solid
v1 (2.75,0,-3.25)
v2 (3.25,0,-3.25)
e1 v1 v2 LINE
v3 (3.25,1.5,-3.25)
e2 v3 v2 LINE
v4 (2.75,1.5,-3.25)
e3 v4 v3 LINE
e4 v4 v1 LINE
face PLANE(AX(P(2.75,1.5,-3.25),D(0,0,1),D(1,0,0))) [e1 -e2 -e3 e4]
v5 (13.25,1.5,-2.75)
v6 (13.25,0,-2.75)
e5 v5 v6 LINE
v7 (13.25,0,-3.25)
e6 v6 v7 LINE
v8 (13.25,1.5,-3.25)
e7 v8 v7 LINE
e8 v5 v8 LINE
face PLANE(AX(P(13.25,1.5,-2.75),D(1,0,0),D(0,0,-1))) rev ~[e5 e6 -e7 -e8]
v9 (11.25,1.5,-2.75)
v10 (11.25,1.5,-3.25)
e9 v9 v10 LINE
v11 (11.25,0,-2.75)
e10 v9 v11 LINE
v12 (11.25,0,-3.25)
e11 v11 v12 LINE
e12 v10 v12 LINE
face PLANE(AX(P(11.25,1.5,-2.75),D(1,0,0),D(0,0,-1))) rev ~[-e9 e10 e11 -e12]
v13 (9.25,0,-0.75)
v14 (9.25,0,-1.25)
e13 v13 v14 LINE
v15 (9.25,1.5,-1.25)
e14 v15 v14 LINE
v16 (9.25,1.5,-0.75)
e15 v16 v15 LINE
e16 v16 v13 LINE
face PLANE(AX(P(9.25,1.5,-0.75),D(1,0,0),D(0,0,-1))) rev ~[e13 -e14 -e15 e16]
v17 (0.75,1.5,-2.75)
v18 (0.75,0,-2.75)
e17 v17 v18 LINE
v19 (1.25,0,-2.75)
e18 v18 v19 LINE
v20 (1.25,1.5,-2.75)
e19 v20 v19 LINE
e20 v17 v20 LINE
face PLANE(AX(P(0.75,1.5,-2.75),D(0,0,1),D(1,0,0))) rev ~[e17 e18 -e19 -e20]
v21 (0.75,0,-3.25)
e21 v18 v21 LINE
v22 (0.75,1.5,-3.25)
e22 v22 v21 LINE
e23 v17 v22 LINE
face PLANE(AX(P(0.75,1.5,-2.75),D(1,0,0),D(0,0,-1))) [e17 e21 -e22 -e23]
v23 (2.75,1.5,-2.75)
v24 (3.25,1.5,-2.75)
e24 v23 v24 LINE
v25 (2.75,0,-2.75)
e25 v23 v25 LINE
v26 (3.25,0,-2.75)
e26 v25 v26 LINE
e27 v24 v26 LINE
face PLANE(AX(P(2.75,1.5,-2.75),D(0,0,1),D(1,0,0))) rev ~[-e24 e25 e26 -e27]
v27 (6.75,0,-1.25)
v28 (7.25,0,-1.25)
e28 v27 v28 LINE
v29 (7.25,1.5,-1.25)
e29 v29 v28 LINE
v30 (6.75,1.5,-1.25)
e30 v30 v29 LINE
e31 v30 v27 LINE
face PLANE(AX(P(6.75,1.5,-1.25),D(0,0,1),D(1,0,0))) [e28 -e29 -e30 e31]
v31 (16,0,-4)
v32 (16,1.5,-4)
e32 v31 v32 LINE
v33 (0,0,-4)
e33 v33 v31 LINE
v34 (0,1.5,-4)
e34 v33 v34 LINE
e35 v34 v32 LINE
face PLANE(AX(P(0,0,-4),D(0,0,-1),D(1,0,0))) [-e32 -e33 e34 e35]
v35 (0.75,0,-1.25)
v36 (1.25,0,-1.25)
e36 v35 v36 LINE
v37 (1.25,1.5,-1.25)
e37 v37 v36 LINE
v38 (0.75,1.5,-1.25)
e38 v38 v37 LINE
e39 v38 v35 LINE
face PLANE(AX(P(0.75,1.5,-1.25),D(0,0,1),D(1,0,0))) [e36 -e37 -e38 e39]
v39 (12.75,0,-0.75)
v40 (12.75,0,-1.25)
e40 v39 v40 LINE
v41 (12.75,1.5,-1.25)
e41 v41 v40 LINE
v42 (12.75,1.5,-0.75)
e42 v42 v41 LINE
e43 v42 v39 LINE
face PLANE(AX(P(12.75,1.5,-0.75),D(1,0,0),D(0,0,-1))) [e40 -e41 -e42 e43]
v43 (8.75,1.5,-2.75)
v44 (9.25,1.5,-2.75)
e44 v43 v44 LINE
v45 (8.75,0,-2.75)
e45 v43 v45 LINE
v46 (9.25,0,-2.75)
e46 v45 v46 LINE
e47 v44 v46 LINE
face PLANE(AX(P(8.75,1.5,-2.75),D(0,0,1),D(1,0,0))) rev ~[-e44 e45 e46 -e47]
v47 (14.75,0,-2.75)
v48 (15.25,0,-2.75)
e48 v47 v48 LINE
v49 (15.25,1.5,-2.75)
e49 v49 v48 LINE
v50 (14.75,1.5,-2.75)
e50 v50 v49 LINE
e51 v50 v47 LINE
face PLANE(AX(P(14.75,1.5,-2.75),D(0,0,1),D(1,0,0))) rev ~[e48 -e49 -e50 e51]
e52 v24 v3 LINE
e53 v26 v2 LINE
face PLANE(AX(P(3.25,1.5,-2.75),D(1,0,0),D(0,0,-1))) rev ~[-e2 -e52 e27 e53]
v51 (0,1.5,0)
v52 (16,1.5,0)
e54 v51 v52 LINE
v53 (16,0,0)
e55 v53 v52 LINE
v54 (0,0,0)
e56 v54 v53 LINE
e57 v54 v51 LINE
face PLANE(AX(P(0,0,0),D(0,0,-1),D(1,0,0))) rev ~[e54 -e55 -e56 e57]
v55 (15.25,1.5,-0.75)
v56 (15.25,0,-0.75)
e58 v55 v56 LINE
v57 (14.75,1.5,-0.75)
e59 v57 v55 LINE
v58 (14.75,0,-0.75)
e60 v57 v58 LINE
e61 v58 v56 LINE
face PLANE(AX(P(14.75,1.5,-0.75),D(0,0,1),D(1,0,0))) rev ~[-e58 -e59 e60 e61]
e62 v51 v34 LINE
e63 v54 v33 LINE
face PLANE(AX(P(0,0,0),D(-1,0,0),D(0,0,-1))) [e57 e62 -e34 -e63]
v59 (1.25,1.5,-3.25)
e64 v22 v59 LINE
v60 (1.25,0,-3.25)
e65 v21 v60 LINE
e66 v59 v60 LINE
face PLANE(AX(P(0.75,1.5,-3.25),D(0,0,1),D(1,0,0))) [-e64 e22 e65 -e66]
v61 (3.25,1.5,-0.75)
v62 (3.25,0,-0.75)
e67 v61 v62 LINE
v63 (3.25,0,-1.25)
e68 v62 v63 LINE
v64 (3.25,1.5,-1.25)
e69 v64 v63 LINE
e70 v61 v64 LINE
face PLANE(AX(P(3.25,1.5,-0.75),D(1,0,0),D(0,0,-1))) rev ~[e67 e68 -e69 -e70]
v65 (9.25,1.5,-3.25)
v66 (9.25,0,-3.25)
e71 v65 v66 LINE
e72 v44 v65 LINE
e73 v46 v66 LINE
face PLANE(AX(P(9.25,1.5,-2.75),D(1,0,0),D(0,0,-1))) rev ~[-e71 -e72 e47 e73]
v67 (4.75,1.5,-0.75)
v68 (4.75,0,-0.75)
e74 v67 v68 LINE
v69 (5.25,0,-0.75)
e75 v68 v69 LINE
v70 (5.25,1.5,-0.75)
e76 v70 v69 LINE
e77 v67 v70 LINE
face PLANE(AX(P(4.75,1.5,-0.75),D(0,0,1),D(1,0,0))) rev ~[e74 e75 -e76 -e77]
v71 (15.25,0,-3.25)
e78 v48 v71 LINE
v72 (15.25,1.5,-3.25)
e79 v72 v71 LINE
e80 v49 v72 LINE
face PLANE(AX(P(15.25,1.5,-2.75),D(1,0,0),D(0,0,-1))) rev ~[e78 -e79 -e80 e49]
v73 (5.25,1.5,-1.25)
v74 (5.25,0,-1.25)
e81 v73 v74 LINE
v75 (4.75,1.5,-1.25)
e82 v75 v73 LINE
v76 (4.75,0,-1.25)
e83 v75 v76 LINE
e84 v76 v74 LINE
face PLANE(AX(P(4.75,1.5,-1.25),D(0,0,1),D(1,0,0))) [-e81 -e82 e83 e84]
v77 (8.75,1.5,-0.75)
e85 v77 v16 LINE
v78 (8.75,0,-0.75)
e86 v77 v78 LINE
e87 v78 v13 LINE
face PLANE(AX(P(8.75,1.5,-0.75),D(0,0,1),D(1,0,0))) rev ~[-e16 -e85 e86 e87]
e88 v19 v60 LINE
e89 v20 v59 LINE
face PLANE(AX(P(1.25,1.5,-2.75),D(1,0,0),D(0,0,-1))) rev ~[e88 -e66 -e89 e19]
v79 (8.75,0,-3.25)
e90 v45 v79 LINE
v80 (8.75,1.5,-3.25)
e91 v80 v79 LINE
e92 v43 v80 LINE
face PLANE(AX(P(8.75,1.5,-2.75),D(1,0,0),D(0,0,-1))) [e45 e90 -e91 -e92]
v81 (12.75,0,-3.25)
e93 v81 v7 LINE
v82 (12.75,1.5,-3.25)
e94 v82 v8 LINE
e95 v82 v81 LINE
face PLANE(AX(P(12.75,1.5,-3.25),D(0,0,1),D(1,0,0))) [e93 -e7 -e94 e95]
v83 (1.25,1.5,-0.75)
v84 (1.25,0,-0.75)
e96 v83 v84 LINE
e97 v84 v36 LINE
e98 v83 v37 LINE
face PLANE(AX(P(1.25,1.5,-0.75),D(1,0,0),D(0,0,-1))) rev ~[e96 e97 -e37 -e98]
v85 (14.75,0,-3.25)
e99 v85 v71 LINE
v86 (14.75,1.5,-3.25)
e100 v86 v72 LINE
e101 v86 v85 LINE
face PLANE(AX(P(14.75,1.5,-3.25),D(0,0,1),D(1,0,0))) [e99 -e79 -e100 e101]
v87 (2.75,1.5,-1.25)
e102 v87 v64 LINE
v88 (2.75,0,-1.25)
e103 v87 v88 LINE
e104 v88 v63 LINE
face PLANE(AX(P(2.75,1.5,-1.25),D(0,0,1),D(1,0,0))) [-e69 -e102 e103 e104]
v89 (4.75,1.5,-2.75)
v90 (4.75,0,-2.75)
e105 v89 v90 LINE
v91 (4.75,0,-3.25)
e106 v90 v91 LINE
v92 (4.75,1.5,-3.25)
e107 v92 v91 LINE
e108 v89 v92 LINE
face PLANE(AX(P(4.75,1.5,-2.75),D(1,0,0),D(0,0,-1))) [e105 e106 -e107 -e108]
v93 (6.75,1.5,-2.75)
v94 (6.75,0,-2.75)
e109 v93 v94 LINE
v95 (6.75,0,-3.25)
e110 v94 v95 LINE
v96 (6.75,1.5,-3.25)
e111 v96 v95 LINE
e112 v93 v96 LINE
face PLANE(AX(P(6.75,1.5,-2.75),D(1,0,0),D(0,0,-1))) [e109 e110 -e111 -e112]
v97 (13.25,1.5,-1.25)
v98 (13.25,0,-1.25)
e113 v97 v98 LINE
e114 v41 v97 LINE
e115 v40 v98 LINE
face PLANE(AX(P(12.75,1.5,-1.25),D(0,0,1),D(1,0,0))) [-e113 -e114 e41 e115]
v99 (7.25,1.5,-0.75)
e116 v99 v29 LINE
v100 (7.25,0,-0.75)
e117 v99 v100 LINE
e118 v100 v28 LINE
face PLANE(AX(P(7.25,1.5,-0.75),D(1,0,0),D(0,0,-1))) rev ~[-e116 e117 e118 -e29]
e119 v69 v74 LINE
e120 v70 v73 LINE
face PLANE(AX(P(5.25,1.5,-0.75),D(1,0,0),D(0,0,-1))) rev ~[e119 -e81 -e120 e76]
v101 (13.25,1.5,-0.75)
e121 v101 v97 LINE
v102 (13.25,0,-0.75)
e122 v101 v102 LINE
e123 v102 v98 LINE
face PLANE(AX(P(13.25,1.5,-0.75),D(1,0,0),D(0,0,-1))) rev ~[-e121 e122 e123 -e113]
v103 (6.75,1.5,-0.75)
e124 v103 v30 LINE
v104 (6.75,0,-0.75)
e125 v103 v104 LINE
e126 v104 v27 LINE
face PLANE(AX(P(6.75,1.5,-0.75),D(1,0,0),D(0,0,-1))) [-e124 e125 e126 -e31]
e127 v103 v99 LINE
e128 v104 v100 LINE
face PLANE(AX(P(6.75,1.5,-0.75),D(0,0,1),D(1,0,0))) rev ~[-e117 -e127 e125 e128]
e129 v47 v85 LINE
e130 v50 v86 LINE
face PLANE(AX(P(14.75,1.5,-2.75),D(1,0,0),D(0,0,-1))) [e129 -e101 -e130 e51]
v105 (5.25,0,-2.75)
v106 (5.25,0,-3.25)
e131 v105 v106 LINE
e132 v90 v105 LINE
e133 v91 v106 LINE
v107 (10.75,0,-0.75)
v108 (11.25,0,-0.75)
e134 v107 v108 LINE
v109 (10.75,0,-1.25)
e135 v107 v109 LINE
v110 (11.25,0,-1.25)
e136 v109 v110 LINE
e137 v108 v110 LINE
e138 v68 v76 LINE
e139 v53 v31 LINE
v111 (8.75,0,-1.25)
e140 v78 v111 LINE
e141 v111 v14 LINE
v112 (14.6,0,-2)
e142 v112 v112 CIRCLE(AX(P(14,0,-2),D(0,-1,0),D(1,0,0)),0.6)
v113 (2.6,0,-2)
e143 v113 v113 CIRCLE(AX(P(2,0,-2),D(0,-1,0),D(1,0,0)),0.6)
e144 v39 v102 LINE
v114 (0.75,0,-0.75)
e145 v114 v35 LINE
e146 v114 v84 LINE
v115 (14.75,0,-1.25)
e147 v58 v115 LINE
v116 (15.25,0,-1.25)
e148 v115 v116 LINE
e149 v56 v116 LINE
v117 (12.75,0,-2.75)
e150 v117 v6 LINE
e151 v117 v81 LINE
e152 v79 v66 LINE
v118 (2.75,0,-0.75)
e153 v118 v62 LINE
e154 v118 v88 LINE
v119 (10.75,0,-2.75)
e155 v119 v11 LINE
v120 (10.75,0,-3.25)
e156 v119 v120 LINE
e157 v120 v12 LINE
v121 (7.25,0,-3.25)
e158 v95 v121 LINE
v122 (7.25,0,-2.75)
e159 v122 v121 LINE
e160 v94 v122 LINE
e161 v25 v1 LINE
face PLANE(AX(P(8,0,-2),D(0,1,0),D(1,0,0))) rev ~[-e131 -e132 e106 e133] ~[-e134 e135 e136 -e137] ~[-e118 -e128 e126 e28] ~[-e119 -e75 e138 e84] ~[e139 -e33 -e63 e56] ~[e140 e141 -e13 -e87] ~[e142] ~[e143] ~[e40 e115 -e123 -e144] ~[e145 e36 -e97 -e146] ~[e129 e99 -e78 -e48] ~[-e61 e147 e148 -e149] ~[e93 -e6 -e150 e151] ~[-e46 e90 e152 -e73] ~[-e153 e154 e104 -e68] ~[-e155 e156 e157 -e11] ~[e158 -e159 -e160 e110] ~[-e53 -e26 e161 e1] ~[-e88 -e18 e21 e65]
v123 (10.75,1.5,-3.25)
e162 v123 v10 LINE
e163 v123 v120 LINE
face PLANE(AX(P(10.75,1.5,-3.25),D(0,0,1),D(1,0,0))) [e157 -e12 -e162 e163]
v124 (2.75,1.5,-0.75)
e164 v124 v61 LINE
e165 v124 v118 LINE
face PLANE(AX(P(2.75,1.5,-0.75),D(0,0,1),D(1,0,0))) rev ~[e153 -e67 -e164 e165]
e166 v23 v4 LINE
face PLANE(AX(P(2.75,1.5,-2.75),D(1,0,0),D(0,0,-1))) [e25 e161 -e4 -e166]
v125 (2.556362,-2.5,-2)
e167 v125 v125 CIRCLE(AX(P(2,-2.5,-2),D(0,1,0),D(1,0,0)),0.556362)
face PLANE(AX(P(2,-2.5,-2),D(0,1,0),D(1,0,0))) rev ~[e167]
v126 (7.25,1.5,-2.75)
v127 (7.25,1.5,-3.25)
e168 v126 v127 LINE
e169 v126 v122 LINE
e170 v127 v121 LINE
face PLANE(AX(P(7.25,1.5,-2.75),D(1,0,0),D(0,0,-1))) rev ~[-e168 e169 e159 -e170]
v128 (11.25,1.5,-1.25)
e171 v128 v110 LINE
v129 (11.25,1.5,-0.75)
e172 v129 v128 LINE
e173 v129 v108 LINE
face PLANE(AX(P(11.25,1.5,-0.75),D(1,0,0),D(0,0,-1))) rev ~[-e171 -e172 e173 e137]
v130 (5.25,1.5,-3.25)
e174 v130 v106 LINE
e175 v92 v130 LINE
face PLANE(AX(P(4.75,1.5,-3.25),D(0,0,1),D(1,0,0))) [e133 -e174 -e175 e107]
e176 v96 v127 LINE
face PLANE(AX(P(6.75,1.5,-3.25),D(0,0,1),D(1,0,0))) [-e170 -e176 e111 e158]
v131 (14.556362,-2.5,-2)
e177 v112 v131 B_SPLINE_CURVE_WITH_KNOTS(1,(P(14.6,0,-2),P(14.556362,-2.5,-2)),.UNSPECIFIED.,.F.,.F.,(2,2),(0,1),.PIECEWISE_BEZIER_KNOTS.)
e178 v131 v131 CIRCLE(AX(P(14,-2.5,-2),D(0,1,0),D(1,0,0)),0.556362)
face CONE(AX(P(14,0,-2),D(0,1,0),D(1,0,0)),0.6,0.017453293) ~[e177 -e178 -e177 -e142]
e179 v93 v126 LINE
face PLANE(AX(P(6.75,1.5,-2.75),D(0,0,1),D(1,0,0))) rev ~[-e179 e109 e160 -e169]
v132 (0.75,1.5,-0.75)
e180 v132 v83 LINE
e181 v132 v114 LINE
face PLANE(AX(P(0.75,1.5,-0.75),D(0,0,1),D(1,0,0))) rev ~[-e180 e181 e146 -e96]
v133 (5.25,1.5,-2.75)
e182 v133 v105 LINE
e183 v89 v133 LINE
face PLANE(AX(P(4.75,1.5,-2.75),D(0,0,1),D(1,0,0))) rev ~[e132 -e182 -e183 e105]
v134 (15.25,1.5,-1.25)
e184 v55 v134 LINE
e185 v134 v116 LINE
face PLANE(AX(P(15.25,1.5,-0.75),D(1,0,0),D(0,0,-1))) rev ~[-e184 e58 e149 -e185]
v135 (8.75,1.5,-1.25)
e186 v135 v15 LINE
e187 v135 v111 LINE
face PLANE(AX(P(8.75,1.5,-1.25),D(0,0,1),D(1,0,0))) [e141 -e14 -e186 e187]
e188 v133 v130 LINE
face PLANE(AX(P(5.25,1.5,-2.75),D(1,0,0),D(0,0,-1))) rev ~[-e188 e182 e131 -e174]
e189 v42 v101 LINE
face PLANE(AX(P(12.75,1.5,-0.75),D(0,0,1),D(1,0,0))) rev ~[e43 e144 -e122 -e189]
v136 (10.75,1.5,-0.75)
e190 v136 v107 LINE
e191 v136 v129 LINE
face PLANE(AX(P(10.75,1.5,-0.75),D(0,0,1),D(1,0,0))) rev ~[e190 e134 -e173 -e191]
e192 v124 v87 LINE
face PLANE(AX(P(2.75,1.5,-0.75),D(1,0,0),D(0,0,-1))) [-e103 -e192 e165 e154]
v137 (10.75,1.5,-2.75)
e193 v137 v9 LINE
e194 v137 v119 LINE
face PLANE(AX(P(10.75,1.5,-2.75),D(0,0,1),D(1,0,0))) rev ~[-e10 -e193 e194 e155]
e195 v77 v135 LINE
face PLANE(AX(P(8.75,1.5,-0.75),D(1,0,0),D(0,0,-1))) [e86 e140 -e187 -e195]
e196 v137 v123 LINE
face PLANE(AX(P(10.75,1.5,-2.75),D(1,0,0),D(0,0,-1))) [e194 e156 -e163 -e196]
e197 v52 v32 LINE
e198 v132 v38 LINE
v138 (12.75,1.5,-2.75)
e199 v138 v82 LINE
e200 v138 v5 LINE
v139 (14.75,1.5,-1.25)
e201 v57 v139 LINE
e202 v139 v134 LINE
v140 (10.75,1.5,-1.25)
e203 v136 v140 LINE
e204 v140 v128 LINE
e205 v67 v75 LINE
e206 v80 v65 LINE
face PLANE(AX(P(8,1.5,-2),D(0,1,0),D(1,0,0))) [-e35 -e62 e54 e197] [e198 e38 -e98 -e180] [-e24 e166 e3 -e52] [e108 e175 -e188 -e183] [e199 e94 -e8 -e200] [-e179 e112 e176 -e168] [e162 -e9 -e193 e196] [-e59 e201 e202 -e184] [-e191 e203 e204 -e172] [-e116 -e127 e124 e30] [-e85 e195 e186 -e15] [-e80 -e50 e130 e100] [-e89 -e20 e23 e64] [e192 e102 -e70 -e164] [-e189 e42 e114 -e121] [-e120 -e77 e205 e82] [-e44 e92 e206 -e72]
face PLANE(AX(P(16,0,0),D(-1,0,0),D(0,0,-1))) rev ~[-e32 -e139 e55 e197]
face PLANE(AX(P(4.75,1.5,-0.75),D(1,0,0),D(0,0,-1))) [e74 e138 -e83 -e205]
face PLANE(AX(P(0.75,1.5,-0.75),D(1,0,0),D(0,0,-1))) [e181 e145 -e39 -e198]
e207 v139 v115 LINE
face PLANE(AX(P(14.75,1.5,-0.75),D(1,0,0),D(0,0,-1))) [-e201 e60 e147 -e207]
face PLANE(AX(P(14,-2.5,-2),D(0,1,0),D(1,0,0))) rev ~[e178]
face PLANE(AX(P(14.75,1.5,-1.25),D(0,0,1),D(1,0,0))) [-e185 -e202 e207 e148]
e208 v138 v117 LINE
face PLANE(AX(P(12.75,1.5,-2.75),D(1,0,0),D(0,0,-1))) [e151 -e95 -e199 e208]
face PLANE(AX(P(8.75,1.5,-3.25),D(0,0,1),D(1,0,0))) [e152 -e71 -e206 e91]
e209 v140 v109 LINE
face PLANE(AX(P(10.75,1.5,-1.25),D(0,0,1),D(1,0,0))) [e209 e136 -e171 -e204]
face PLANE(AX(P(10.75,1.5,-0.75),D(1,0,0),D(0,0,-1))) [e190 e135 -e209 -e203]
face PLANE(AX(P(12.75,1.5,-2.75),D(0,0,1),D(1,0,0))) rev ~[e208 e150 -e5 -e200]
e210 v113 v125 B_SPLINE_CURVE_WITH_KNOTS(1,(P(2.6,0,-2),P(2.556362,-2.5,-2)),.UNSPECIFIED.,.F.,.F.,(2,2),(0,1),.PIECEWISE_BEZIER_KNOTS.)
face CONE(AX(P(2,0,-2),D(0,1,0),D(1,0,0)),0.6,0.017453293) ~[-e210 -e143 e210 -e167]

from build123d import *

# Parameters (mm, degrees)
SKETCH1_W                     = 16
SKETCH1_H                     = 4
BOSS_EXTRUDE1_DEPTH           = 1.5
SKETCH2_W                     = 0.5
SKETCH2_H                     = 0.5
CUT_EXTRUDE1_DEPTH            = 2
SKETCH3_R                     = 0.6
BOSS_EXTRUDE2_DEPTH           = 2.5
BOSS_EXTRUDE2_DRAFT           = -1
BOSS_EXTRUDE2_PROFILE_2_DEPTH = 2.5
BOSS_EXTRUDE2_PROFILE_2_DRAFT = -1


with BuildPart() as part:
    # Sketch1 → Boss-Extrude1 (new body)
    with BuildSketch(Plane(origin=(0, 0, 0), x_dir=(1, 0, 0), z_dir=(0, 1, 0))):
        with Locations((8, 2)):
            Rectangle(SKETCH1_W, SKETCH1_H)
    extrude(amount=BOSS_EXTRUDE1_DEPTH)

    # Sketch2 → Cut-Extrude1 (cut)
    with BuildSketch(Plane(origin=(0, 1.5, 0), x_dir=(1, 0, 0), z_dir=(0, 1, 0))):
        with Locations((3, 3)):
            Rectangle(SKETCH2_W, SKETCH2_H)
        with Locations((1, 3)):
            Rectangle(SKETCH2_W, SKETCH2_H)
        with Locations((5, 3)):
            Rectangle(SKETCH2_W, SKETCH2_H)
        with Locations((7, 3)):
            Rectangle(SKETCH2_W, SKETCH2_H)
        with Locations((9, 3)):
            Rectangle(SKETCH2_W, SKETCH2_H)
        with Locations((11, 3)):
            Rectangle(SKETCH2_W, SKETCH2_H)
        with Locations((13, 3)):
            Rectangle(SKETCH2_W, SKETCH2_H)
        with Locations((15, 3)):
            Rectangle(SKETCH2_W, SKETCH2_H)
        with Locations((17, 3)):
            Rectangle(SKETCH2_W, SKETCH2_H)
        with Locations((19, 3)):
            Rectangle(SKETCH2_W, SKETCH2_H)
        with Locations((21, 3)):
            Rectangle(SKETCH2_W, SKETCH2_H)
        with Locations((23, 3)):
            Rectangle(SKETCH2_W, SKETCH2_H)
        with Locations((25, 3)):
            Rectangle(SKETCH2_W, SKETCH2_H)
        with Locations((27, 3)):
            Rectangle(SKETCH2_W, SKETCH2_H)
        with Locations((29, 3)):
            Rectangle(SKETCH2_W, SKETCH2_H)
        with Locations((31, 3)):
            Rectangle(SKETCH2_W, SKETCH2_H)
        with Locations((33, 3)):
            Rectangle(SKETCH2_W, SKETCH2_H)
        with Locations((35, 3)):
            Rectangle(SKETCH2_W, SKETCH2_H)
        with Locations((1, 1)):
            Rectangle(SKETCH2_W, SKETCH2_H)
        with Locations((3, 1)):
            Rectangle(SKETCH2_W, SKETCH2_H)
        with Locations((5, 1)):
            Rectangle(SKETCH2_W, SKETCH2_H)
        with Locations((7, 1)):
            Rectangle(SKETCH2_W, SKETCH2_H)
        with Locations((9, 1)):
            Rectangle(SKETCH2_W, SKETCH2_H)
        with Locations((11, 1)):
            Rectangle(SKETCH2_W, SKETCH2_H)
        with Locations((13, 1)):
            Rectangle(SKETCH2_W, SKETCH2_H)
        with Locations((15, 1)):
            Rectangle(SKETCH2_W, SKETCH2_H)
        with Locations((17, 1)):
            Rectangle(SKETCH2_W, SKETCH2_H)
        with Locations((19, 1)):
            Rectangle(SKETCH2_W, SKETCH2_H)
        with Locations((21, 1)):
            Rectangle(SKETCH2_W, SKETCH2_H)
        with Locations((23, 1)):
            Rectangle(SKETCH2_W, SKETCH2_H)
        with Locations((25, 1)):
            Rectangle(SKETCH2_W, SKETCH2_H)
        with Locations((27, 1)):
            Rectangle(SKETCH2_W, SKETCH2_H)
        with Locations((29, 1)):
            Rectangle(SKETCH2_W, SKETCH2_H)
        with Locations((31, 1)):
            Rectangle(SKETCH2_W, SKETCH2_H)
        with Locations((33, 1)):
            Rectangle(SKETCH2_W, SKETCH2_H)
        with Locations((35, 1)):
            Rectangle(SKETCH2_W, SKETCH2_H)
    extrude(amount=-CUT_EXTRUDE1_DEPTH, mode=Mode.SUBTRACT)


with BuildPart() as boss_extrude2_tool:
    # Sketch3 → Boss-Extrude2 (with draft: the straight prism first)
    with BuildSketch(Plane(origin=(0, 0, 0), x_dir=(1, 0, 0), z_dir=(0, 1, 0))):
        with Locations((2, 2)):
            Circle(SKETCH3_R)
    extrude(amount=-BOSS_EXTRUDE2_DEPTH)
    # Boss-Extrude2: the draft: its side faces are tilted about the plane it starts from
    boss_extrude2_sides = [boss_extrude2_tool.faces().sort_by_distance(p)[0] for p in [
        (1.4, -1.25, -2),
    ]]
    draft(boss_extrude2_sides, Plane(origin=(0, 0, 0), x_dir=(1, 0, 0), z_dir=(0, 1, 0)), BOSS_EXTRUDE2_DRAFT)


with BuildPart() as part_1:
    add(part.part)

    # Boss-Extrude2: add boss_extrude2_tool
    add(boss_extrude2_tool.part)


with BuildPart() as boss_extrude2_profile_2_tool:
    # Sketch3 → Boss-Extrude2 profile 2 (with draft: the straight prism first)
    with BuildSketch(Plane(origin=(0, 0, 0), x_dir=(1, 0, 0), z_dir=(0, 1, 0))):
        with Locations((14, 2)):
            Circle(SKETCH3_R)
    extrude(amount=-BOSS_EXTRUDE2_PROFILE_2_DEPTH)
    # Boss-Extrude2 profile 2: the draft: its side faces are tilted about the plane it starts from
    boss_extrude2_profile_2_sides = [boss_extrude2_profile_2_tool.faces().sort_by_distance(p)[0] for p in [
        (13.4, -1.25, -2),
    ]]
    draft(boss_extrude2_profile_2_sides, Plane(origin=(0, 0, 0), x_dir=(1, 0, 0), z_dir=(0, 1, 0)), BOSS_EXTRUDE2_PROFILE_2_DRAFT)


with BuildPart() as part_2:
    add(part_1.part)

    # Boss-Extrude2 profile 2: add boss_extrude2_profile_2_tool
    add(boss_extrude2_profile_2_tool.part)


solid = part_2.part
